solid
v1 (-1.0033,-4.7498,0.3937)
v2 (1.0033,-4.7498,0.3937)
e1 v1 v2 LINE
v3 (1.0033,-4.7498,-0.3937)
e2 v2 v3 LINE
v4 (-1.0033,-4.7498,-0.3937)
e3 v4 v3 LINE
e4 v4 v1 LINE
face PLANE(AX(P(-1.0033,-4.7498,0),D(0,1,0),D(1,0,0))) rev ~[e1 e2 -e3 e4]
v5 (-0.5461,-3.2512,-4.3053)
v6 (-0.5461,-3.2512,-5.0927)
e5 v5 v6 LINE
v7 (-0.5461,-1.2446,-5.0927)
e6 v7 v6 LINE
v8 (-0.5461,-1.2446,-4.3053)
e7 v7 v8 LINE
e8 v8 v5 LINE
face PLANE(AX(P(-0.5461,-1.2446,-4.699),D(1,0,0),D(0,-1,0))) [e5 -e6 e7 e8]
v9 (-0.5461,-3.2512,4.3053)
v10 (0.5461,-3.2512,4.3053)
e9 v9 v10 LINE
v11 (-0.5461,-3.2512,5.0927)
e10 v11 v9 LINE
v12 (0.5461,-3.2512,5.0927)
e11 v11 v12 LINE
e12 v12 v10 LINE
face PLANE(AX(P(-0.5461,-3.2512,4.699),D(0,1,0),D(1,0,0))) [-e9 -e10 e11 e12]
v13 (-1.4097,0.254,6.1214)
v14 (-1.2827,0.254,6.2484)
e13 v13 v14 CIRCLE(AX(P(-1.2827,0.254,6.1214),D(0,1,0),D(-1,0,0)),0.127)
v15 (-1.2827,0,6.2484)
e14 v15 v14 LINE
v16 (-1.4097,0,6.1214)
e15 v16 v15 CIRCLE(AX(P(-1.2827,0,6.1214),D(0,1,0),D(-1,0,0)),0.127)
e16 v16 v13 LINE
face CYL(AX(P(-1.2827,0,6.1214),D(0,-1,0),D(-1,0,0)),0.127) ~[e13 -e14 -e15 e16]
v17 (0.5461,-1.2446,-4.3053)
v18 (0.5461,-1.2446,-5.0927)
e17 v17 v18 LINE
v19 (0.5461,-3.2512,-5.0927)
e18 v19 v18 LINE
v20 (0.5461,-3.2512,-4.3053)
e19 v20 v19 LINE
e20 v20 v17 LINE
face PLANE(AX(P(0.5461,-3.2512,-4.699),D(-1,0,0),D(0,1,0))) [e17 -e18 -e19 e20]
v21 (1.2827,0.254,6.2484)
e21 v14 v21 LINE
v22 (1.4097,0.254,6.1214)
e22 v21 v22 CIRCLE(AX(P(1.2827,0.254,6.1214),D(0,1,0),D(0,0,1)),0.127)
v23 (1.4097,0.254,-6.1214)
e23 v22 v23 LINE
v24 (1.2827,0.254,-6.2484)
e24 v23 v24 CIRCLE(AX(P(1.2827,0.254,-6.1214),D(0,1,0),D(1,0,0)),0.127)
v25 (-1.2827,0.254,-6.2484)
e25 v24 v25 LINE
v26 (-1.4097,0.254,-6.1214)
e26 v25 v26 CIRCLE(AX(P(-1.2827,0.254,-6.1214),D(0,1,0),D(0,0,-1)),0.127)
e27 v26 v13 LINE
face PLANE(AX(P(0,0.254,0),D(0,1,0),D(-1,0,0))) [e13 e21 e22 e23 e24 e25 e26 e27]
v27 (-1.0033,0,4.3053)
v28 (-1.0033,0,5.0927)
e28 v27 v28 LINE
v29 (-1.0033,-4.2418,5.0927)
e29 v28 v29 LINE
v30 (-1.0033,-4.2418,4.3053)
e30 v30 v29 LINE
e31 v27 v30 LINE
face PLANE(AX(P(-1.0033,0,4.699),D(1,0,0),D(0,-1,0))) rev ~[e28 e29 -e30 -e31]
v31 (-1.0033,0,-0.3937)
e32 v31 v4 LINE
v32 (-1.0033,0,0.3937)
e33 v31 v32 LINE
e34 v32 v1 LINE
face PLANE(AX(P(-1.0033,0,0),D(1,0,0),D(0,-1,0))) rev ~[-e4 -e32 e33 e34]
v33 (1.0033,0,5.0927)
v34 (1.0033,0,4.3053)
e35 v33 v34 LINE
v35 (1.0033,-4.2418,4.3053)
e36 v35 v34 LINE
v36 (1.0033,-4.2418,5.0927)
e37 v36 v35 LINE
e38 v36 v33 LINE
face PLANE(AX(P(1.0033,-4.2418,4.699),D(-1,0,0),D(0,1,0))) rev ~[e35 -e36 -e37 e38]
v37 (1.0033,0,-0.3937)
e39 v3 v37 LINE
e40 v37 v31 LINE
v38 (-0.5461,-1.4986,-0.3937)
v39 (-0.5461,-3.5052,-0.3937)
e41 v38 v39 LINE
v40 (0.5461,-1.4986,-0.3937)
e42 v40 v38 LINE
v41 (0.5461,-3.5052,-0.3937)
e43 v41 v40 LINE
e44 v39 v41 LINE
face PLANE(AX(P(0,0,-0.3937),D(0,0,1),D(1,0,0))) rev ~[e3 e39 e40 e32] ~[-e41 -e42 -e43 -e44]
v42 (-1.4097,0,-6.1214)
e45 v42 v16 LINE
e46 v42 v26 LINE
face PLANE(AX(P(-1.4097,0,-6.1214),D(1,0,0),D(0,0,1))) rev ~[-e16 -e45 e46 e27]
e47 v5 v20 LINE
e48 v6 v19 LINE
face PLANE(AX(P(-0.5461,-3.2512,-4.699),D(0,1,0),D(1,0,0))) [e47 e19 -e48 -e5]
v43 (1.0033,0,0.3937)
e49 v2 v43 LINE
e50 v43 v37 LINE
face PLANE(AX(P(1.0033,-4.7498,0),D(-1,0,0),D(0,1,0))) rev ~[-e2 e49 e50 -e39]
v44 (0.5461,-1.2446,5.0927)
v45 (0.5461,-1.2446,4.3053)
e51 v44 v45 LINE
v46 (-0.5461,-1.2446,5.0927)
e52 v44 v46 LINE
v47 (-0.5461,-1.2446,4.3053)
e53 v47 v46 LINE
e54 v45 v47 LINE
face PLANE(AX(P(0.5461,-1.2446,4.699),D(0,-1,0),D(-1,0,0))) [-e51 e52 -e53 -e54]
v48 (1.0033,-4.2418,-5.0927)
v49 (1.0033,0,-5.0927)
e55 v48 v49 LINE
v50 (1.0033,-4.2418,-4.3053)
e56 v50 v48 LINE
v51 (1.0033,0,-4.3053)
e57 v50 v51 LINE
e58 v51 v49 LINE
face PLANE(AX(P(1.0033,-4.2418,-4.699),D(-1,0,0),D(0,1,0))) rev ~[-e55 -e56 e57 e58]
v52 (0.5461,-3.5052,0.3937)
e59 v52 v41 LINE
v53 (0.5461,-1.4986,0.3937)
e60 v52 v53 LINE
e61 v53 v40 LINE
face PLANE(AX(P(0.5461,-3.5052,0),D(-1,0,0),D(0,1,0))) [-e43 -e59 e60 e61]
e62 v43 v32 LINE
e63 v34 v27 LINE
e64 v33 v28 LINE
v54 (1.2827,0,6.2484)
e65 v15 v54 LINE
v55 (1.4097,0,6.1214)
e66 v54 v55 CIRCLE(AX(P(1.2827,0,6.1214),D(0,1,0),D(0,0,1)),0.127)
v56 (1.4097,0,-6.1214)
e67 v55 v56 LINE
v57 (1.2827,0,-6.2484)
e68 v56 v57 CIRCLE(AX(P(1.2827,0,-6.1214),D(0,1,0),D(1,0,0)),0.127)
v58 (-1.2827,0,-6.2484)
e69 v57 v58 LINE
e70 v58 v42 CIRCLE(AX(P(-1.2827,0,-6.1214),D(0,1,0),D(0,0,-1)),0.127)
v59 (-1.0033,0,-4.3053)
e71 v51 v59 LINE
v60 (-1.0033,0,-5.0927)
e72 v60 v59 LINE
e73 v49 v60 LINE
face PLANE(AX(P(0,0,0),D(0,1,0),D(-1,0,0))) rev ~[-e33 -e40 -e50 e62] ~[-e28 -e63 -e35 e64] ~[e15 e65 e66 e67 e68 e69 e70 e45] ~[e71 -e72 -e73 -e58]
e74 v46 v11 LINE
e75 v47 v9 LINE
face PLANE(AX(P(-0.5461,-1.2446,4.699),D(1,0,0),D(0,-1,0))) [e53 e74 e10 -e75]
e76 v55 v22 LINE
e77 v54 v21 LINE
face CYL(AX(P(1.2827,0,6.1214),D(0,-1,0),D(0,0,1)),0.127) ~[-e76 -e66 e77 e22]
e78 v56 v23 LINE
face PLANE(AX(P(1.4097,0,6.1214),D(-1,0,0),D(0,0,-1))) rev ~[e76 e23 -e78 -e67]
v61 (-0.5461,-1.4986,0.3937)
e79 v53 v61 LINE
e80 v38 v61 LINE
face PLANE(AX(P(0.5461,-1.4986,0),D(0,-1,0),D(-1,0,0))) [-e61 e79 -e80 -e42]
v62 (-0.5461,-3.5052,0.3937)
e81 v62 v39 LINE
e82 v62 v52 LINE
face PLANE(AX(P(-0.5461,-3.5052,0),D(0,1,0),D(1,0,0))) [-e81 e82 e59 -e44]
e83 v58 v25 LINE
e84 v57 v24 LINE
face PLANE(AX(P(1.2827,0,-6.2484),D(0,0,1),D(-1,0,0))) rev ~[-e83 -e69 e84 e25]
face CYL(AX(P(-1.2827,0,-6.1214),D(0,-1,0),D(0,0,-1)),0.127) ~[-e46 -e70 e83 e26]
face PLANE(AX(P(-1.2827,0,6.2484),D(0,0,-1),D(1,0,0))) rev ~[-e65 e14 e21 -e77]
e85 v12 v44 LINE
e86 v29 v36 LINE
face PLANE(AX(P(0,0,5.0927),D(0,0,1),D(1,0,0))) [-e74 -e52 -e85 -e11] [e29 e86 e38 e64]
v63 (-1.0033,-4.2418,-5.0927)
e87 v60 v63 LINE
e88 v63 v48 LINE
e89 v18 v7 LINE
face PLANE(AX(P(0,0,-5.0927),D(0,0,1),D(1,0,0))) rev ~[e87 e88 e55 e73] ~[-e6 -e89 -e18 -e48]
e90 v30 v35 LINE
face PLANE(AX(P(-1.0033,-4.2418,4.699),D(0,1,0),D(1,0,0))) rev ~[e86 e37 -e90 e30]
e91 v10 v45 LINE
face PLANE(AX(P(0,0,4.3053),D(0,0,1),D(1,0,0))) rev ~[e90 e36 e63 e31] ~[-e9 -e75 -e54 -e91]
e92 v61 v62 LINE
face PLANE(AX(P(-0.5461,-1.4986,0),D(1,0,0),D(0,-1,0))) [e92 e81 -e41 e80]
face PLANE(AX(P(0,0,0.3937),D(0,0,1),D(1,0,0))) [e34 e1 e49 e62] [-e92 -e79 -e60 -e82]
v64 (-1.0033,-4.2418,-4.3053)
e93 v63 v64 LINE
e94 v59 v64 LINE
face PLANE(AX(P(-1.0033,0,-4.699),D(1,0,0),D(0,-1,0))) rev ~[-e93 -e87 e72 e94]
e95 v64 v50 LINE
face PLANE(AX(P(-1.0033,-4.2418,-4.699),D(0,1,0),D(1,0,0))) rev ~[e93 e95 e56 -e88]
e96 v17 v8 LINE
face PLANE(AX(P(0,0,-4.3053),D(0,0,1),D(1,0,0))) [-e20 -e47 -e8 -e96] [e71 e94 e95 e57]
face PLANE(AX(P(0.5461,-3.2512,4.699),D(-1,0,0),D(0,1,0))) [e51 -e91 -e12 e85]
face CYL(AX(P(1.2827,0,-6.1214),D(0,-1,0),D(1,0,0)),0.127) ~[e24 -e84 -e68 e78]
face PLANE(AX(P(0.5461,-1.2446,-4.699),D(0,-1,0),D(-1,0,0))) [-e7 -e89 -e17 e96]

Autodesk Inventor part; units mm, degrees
sketch "Sketch_1" plane through (0, 0, 0) normal (0, 1, 0) x (-1, 0, 0)
  line L0 (1.4097, -6.1214) -> (1.4097, 6.1214)
  arc A0 (1.4097, 6.1214) -> (1.2827, 6.2484) centre (1.2827, 6.1214) ccw
  line L1 (1.2827, 6.2484) -> (-1.2827, 6.2484)
  arc A1 (-1.2827, 6.2484) -> (-1.4097, 6.1214) centre (-1.2827, 6.1214) ccw
  line L2 (-1.4097, 6.1214) -> (-1.4097, -6.1214)
  arc A2 (-1.4097, -6.1214) -> (-1.2827, -6.2484) centre (-1.2827, -6.1214) ccw
  line L3 (-1.2827, -6.2484) -> (1.2827, -6.2484)
  arc A3 (1.2827, -6.2484) -> (1.4097, -6.1214) centre (1.2827, -6.1214) ccw
extrude "Extrusion1" add sketch "Sketch_1" along normal blind 0.254
sketch "Sketch_2" plane through (0, 0, -4.699) normal (0, 0, 1) x (1, 0, 0)
  line L0 (-1.0033, 0) -> (-1.0033, -4.2418)
  line L1 (-1.0033, -4.2418) -> (1.0033, -4.2418)
  line L2 (1.0033, -4.2418) -> (1.0033, 0)
  line L3 (1.0033, 0) -> (-1.0033, 0)
  line L4 (-0.5461, -1.2446) -> (-0.5461, -3.2512)
  line L5 (-0.5461, -3.2512) -> (0.5461, -3.2512)
  line L6 (0.5461, -3.2512) -> (0.5461, -1.2446)
  line L7 (0.5461, -1.2446) -> (-0.5461, -1.2446)
extrude "Extrusion2" add sketch "Sketch_2" along normal mid plane 0.7874
sketch "Sketch_3" plane through (0, 0, 4.699) normal (0, 0, 1) x (1, 0, 0)
  line L0 (-1.0033, 0) -> (-1.0033, -4.2418)
  line L1 (-1.0033, -4.2418) -> (1.0033, -4.2418)
  line L2 (1.0033, -4.2418) -> (1.0033, 0)
  line L3 (1.0033, 0) -> (-1.0033, 0)
  line L4 (-0.5461, -1.2446) -> (-0.5461, -3.2512)
  line L5 (-0.5461, -3.2512) -> (0.5461, -3.2512)
  line L6 (0.5461, -3.2512) -> (0.5461, -1.2446)
  line L7 (0.5461, -1.2446) -> (-0.5461, -1.2446)
extrude "Extrusion3" add sketch "Sketch_3" along normal mid plane 0.7874
sketch "Sketch_4" plane through (0, 0, 0) normal (0, 0, 1) x (1, 0, 0)
  line L0 (-1.0033, 0) -> (-1.0033, -4.7498)
  line L1 (-1.0033, -4.7498) -> (1.0033, -4.7498)
  line L2 (1.0033, -4.7498) -> (1.0033, 0)
  line L3 (1.0033, 0) -> (-1.0033, 0)
  line L4 (-0.5461, -1.4986) -> (-0.5461, -3.5052)
  line L5 (-0.5461, -3.5052) -> (0.5461, -3.5052)
  line L6 (0.5461, -3.5052) -> (0.5461, -1.4986)
  line L7 (0.5461, -1.4986) -> (-0.5461, -1.4986)
extrude "Extrusion4" add sketch "Sketch_4" along normal mid plane 0.7874
ref_plane "to_body_XY" through (0, 0, 0) normal (0, 1, 0) x (1, 0, 0)
ref_plane "to_body_YZ" through (0, 0, 0) normal (1, 0, 0) x (0, 0, -1)
ref_plane "to_body_ZX" through (0, 0, 0) normal (0, 0, -1) x (0, 1, 0)
properties part number "MB2011W01-terminals"
